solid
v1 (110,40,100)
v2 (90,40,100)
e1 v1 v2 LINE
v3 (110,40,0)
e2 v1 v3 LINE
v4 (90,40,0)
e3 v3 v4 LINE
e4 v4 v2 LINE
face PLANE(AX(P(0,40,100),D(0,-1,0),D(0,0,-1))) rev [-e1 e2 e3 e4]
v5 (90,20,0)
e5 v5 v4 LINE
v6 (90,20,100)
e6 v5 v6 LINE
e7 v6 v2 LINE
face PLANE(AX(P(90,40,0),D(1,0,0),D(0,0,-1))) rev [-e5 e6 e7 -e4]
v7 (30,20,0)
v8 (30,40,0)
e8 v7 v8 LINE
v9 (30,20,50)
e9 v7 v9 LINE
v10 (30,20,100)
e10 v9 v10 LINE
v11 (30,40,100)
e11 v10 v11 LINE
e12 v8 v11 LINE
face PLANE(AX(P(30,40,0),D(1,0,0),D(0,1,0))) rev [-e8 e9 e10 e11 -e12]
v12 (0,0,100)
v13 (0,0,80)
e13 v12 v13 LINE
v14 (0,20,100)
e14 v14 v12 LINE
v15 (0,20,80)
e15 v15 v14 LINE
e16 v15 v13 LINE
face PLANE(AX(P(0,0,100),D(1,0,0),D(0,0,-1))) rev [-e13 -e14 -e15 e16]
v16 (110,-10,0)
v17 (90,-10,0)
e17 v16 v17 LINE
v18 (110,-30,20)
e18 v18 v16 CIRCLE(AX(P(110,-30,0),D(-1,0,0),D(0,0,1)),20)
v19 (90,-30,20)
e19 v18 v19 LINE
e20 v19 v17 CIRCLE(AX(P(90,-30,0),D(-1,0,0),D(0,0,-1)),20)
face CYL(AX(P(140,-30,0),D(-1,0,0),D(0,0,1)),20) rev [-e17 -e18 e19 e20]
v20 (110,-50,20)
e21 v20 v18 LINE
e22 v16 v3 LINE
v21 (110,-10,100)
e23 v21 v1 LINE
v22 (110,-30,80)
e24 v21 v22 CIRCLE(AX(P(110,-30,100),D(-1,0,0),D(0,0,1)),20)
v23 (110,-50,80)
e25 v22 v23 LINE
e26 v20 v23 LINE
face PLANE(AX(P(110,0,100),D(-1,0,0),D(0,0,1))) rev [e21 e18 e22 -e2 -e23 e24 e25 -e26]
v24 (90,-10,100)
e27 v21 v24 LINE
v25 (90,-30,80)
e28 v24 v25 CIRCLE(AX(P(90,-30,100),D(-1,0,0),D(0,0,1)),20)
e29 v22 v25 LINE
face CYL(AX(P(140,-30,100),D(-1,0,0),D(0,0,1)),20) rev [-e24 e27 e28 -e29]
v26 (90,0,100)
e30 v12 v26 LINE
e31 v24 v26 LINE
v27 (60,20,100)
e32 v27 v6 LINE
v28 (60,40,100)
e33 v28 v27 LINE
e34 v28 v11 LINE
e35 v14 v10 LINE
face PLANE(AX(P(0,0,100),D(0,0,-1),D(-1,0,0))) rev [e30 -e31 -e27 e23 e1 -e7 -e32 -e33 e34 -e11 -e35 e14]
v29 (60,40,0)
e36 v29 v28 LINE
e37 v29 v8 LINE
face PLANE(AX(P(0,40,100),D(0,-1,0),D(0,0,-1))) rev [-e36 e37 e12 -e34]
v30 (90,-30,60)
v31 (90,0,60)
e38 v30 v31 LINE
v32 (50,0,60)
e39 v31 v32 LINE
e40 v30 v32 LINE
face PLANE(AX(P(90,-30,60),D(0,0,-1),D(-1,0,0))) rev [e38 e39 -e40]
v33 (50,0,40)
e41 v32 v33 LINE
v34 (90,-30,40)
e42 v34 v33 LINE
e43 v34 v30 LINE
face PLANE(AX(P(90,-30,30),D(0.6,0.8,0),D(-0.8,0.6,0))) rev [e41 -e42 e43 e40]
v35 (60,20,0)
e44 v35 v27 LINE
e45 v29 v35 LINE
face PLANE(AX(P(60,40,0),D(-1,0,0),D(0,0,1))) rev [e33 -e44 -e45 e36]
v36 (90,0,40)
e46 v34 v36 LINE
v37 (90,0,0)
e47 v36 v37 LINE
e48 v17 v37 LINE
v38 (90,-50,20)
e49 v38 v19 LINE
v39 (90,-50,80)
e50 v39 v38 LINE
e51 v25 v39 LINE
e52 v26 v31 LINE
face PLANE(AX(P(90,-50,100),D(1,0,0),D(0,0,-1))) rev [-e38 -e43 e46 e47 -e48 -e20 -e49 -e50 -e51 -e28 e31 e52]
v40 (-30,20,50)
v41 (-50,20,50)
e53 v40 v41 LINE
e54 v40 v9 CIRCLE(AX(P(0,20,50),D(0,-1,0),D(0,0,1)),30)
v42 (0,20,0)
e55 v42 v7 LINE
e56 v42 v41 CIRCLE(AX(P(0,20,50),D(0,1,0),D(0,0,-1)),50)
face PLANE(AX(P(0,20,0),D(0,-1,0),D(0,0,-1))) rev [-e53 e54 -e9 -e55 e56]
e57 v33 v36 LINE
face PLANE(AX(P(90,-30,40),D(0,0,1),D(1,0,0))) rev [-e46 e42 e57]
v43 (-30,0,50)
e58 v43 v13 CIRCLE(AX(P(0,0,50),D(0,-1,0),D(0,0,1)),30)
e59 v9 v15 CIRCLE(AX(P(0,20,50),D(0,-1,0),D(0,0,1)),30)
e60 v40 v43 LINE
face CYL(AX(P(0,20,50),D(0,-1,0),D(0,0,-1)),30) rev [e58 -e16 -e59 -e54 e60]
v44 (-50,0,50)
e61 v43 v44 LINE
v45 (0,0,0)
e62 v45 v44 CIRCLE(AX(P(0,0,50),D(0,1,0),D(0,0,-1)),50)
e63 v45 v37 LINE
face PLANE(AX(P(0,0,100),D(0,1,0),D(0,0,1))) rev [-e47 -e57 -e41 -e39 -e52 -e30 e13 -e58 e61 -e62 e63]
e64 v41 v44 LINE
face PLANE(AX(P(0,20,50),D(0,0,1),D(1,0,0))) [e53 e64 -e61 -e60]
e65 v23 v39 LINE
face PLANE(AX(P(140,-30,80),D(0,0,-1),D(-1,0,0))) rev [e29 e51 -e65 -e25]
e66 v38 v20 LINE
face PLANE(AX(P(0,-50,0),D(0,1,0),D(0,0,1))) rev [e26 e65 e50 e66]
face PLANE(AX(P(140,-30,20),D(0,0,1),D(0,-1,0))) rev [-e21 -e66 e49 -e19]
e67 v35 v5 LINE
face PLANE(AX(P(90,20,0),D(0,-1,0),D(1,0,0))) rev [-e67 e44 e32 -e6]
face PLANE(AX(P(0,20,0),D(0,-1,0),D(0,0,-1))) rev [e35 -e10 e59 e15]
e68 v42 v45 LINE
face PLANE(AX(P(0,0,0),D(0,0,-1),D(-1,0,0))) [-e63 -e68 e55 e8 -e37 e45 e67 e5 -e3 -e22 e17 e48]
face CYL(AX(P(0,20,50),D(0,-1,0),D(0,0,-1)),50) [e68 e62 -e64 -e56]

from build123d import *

# Parameters (mm, degrees)
SKETCH2_W           = 110
SKETCH2_H           = 40
BOSS_EXTRUDE1_DEPTH = 100
SKETCH3_W           = 30
SKETCH3_H           = 20
CUT_EXTRUDE1_DEPTH  = 100
SKETCH4_W           = 20
SKETCH4_H           = 100
BOSS_EXTRUDE3_DEPTH = 50
CUT_EXTRUDE2_DEPTH  = 50
SKETCH7_W           = 40
SKETCH7_H           = 20
BOSS_EXTRUDE4_DEPTH = 30
CUT_EXTRUDE3_DEPTH  = 30
SKETCH9_W           = 50
SKETCH9_H           = 50
BOSS_EXTRUDE5_DEPTH = 20
CUT_EXTRUDE5_DEPTH  = 20
CUT_EXTRUDE6_DEPTH  = 20


with BuildPart() as part:
    # Sketch2 → Boss-Extrude1 (new body)
    with BuildSketch(Plane.XY):
        with Locations((55, 20)):
            Rectangle(SKETCH2_W, SKETCH2_H)
    extrude(amount=BOSS_EXTRUDE1_DEPTH)

    # Sketch3 → Cut-Extrude1 (cut)
    with BuildSketch(Plane.XY.offset(100)):
        with Locations((75, 30)):
            Rectangle(SKETCH3_W, SKETCH3_H)
        with Locations((15, 30)):
            Rectangle(SKETCH3_W, SKETCH3_H)
    extrude(amount=-CUT_EXTRUDE1_DEPTH, mode=Mode.SUBTRACT)

    # Sketch4 → Boss-Extrude3 (add)
    with BuildSketch(Plane(origin=(0, 0, 0), x_dir=(-1, 0, 0), z_dir=(0, -1, 0))):
        with Locations((-100, -50)):
            Rectangle(SKETCH4_W, SKETCH4_H)
    extrude(amount=BOSS_EXTRUDE3_DEPTH)

    # Sketch6 → Cut-Extrude2 (cut)
    with BuildSketch(Plane.ZY.offset(-90)):
        with BuildLine():
            Line((80, -30), (80, -50))
            Line((80, -50), (100, -50))
            Line((100, -50), (100, -10))
            ThreePointArc((100, -10), (85.857864376, -15.857864376), (80, -30))
        make_face()
        with BuildLine():
            Line((20, -30), (20, -50))
            Line((20, -50), (0, -50))
            Line((0, -50), (0, -10))
            ThreePointArc((0, -10), (14.142135624, -15.857864376), (20, -30))
        make_face()
    extrude(amount=-CUT_EXTRUDE2_DEPTH, mode=Mode.SUBTRACT)

    # Sketch7 → Boss-Extrude4 (add)
    with BuildSketch(Plane(origin=(0, 0, 0), x_dir=(-1, 0, 0), z_dir=(0, -1, 0))):
        with Locations((-70, -50)):
            Rectangle(SKETCH7_W, SKETCH7_H)
    extrude(amount=BOSS_EXTRUDE4_DEPTH)

    # Sketch8 → Cut-Extrude3 (cut)
    with BuildSketch(Plane.XY.offset(60)):
        Polygon((90, -30), (50, 0), (50, -30), align=None)
    extrude(amount=-CUT_EXTRUDE3_DEPTH, mode=Mode.SUBTRACT)

    # Sketch9 → Boss-Extrude5 (add)
    with BuildSketch(Plane(origin=(0, 0, 0), x_dir=(-1, 0, 0), z_dir=(0, -1, 0))):
        with Locations((25, -25)):
            Rectangle(SKETCH9_W, SKETCH9_H)
    extrude(amount=-BOSS_EXTRUDE5_DEPTH)

    # Sketch10 → Cut-Extrude5 (cut)
    with BuildSketch(Plane(origin=(0, 0, 0), x_dir=(-1, 0, 0), z_dir=(0, -1, 0))):
        with BuildLine():
            Line((30, -50), (0, -50))
            Line((0, -50), (0, -80))
            ThreePointArc((0, -80), (-21.213203436, -28.786796564), (30, -50))
        make_face()
    extrude(amount=-CUT_EXTRUDE5_DEPTH, mode=Mode.SUBTRACT)

    # Sketch12 → Cut-Extrude6 (cut)
    with BuildSketch(Plane(origin=(0, 0, 0), x_dir=(-1, 0, 0), z_dir=(0, -1, 0))):
        with BuildLine():
            Line((50, -50), (50, 0))
            Line((50, 0), (0, 0))
            ThreePointArc((0, 0), (35.355339059, -14.644660941), (50, -50))
        make_face()
    extrude(amount=-CUT_EXTRUDE6_DEPTH, mode=Mode.SUBTRACT)


solid = part.part
